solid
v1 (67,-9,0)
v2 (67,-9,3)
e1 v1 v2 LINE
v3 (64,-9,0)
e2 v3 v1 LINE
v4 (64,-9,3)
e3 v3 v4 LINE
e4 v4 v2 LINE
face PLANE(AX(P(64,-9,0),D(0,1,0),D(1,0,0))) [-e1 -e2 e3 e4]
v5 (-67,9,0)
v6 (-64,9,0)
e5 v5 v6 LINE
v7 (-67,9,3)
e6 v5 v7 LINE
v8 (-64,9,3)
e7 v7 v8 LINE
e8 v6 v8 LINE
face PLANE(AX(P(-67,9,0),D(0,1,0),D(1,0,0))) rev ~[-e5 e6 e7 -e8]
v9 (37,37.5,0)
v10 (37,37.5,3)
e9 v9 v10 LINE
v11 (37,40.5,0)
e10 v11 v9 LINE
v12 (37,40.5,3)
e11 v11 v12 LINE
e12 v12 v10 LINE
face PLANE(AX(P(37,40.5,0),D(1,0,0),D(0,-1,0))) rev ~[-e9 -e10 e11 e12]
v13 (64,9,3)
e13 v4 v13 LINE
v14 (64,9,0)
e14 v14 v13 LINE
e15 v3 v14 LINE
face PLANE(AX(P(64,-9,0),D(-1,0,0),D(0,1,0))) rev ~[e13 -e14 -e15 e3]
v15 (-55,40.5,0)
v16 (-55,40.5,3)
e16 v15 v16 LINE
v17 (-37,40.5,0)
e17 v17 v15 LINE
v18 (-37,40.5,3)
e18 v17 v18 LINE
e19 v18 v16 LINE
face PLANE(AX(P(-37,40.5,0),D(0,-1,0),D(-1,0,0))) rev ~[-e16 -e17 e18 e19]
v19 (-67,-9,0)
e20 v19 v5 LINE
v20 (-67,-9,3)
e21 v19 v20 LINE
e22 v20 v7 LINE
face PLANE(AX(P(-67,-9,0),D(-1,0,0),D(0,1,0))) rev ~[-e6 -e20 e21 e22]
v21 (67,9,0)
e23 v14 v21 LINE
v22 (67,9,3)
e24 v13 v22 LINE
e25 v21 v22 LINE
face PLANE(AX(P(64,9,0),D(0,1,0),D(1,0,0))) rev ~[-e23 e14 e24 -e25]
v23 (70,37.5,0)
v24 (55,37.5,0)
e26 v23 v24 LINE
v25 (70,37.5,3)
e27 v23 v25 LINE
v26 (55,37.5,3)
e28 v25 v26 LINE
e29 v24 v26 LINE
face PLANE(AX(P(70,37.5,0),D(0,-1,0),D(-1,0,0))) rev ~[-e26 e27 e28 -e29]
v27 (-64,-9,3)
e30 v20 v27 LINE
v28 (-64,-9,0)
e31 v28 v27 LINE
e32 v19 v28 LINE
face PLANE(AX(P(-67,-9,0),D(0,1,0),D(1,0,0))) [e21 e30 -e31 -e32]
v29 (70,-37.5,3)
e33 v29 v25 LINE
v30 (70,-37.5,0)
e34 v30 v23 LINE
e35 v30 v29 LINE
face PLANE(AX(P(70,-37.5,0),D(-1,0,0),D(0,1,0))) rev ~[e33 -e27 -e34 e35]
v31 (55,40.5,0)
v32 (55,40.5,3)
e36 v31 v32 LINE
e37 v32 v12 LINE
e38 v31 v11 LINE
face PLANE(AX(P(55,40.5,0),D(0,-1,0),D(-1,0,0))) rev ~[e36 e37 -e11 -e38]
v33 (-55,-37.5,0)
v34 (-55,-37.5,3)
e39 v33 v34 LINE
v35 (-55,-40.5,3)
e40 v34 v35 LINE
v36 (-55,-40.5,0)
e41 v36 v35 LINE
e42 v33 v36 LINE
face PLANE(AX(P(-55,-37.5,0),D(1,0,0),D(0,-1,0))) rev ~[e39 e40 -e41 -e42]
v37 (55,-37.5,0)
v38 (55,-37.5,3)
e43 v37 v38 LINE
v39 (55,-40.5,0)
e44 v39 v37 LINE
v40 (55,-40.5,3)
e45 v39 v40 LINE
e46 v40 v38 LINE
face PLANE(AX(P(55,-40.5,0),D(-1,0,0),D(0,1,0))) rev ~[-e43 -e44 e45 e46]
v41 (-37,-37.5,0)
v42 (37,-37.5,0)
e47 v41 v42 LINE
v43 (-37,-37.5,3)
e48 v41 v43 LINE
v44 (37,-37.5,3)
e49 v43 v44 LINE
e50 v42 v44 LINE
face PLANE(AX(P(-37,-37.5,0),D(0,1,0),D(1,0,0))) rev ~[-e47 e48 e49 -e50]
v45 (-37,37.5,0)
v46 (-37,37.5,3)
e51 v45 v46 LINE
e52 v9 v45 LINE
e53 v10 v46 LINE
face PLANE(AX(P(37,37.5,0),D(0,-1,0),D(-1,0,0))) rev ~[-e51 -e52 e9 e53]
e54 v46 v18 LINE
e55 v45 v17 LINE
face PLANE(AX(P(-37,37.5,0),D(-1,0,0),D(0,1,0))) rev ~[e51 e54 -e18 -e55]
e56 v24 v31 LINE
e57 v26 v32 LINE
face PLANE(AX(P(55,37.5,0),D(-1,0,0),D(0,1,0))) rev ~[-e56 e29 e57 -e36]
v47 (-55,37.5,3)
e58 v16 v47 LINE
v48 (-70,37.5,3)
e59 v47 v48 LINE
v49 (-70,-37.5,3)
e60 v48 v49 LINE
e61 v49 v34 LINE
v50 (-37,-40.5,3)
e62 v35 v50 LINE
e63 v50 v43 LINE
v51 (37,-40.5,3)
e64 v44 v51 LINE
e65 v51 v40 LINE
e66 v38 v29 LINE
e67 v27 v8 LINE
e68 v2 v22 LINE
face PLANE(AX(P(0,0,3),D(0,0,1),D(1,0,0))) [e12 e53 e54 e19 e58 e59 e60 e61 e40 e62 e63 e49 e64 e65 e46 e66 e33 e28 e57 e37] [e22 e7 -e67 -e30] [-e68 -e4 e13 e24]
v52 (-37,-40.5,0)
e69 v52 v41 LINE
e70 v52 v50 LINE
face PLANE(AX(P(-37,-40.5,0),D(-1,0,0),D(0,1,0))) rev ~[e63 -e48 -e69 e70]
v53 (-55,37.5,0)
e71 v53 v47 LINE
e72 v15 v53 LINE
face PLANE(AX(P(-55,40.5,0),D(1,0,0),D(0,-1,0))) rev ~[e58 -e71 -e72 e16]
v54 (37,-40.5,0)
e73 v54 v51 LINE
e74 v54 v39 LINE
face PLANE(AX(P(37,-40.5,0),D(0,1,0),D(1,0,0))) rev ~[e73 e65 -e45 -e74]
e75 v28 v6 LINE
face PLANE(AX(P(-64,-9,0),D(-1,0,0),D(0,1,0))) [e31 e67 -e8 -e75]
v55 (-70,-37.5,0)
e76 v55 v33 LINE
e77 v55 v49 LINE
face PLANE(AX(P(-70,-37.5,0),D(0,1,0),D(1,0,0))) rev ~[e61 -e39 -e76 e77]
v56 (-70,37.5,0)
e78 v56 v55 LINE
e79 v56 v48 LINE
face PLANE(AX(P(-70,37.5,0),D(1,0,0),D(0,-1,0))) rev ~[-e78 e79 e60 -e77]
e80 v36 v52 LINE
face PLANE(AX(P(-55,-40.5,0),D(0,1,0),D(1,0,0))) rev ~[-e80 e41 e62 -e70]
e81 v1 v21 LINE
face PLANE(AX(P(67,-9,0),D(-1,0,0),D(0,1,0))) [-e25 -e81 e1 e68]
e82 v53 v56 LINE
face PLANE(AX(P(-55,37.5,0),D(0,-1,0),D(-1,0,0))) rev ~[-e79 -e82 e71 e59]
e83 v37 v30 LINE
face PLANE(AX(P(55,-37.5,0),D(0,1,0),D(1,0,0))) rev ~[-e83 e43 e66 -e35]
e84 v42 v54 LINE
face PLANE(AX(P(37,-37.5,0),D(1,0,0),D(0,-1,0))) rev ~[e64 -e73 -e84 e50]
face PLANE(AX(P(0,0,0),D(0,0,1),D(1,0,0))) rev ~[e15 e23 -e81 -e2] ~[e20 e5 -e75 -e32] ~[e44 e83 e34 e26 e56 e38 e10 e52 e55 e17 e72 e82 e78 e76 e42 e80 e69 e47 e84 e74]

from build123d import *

# Parameters (mm, degrees)
F0_W     = 3
F0_H     = 18
F1_DEPTH = 3


with BuildPart() as f1:
    # F0 (on Top) → F1 (new body)
    with BuildSketch(Plane.XY):
        Polygon((70, -37.5), (70, 37.5), (55, 37.5), (55, 40.5), (37, 40.5), (37, 37.5), (-37, 37.5), (-37, 40.5), (-55, 40.5), (-55, 37.5), (-70, 37.5), (-70, -37.5), (-55, -37.5), (-55, -40.5), (-37, -40.5), (-37, -37.5), (37, -37.5), (37, -40.5), (55, -40.5), (55, -37.5), align=None)
        with Locations((-65.5, 0)):
            Rectangle(F0_W, F0_H, mode=Mode.SUBTRACT)
        with Locations((65.5, 0)):
            Rectangle(F0_W, F0_H, mode=Mode.SUBTRACT)
    extrude(amount=F1_DEPTH)


solid = f1.part
